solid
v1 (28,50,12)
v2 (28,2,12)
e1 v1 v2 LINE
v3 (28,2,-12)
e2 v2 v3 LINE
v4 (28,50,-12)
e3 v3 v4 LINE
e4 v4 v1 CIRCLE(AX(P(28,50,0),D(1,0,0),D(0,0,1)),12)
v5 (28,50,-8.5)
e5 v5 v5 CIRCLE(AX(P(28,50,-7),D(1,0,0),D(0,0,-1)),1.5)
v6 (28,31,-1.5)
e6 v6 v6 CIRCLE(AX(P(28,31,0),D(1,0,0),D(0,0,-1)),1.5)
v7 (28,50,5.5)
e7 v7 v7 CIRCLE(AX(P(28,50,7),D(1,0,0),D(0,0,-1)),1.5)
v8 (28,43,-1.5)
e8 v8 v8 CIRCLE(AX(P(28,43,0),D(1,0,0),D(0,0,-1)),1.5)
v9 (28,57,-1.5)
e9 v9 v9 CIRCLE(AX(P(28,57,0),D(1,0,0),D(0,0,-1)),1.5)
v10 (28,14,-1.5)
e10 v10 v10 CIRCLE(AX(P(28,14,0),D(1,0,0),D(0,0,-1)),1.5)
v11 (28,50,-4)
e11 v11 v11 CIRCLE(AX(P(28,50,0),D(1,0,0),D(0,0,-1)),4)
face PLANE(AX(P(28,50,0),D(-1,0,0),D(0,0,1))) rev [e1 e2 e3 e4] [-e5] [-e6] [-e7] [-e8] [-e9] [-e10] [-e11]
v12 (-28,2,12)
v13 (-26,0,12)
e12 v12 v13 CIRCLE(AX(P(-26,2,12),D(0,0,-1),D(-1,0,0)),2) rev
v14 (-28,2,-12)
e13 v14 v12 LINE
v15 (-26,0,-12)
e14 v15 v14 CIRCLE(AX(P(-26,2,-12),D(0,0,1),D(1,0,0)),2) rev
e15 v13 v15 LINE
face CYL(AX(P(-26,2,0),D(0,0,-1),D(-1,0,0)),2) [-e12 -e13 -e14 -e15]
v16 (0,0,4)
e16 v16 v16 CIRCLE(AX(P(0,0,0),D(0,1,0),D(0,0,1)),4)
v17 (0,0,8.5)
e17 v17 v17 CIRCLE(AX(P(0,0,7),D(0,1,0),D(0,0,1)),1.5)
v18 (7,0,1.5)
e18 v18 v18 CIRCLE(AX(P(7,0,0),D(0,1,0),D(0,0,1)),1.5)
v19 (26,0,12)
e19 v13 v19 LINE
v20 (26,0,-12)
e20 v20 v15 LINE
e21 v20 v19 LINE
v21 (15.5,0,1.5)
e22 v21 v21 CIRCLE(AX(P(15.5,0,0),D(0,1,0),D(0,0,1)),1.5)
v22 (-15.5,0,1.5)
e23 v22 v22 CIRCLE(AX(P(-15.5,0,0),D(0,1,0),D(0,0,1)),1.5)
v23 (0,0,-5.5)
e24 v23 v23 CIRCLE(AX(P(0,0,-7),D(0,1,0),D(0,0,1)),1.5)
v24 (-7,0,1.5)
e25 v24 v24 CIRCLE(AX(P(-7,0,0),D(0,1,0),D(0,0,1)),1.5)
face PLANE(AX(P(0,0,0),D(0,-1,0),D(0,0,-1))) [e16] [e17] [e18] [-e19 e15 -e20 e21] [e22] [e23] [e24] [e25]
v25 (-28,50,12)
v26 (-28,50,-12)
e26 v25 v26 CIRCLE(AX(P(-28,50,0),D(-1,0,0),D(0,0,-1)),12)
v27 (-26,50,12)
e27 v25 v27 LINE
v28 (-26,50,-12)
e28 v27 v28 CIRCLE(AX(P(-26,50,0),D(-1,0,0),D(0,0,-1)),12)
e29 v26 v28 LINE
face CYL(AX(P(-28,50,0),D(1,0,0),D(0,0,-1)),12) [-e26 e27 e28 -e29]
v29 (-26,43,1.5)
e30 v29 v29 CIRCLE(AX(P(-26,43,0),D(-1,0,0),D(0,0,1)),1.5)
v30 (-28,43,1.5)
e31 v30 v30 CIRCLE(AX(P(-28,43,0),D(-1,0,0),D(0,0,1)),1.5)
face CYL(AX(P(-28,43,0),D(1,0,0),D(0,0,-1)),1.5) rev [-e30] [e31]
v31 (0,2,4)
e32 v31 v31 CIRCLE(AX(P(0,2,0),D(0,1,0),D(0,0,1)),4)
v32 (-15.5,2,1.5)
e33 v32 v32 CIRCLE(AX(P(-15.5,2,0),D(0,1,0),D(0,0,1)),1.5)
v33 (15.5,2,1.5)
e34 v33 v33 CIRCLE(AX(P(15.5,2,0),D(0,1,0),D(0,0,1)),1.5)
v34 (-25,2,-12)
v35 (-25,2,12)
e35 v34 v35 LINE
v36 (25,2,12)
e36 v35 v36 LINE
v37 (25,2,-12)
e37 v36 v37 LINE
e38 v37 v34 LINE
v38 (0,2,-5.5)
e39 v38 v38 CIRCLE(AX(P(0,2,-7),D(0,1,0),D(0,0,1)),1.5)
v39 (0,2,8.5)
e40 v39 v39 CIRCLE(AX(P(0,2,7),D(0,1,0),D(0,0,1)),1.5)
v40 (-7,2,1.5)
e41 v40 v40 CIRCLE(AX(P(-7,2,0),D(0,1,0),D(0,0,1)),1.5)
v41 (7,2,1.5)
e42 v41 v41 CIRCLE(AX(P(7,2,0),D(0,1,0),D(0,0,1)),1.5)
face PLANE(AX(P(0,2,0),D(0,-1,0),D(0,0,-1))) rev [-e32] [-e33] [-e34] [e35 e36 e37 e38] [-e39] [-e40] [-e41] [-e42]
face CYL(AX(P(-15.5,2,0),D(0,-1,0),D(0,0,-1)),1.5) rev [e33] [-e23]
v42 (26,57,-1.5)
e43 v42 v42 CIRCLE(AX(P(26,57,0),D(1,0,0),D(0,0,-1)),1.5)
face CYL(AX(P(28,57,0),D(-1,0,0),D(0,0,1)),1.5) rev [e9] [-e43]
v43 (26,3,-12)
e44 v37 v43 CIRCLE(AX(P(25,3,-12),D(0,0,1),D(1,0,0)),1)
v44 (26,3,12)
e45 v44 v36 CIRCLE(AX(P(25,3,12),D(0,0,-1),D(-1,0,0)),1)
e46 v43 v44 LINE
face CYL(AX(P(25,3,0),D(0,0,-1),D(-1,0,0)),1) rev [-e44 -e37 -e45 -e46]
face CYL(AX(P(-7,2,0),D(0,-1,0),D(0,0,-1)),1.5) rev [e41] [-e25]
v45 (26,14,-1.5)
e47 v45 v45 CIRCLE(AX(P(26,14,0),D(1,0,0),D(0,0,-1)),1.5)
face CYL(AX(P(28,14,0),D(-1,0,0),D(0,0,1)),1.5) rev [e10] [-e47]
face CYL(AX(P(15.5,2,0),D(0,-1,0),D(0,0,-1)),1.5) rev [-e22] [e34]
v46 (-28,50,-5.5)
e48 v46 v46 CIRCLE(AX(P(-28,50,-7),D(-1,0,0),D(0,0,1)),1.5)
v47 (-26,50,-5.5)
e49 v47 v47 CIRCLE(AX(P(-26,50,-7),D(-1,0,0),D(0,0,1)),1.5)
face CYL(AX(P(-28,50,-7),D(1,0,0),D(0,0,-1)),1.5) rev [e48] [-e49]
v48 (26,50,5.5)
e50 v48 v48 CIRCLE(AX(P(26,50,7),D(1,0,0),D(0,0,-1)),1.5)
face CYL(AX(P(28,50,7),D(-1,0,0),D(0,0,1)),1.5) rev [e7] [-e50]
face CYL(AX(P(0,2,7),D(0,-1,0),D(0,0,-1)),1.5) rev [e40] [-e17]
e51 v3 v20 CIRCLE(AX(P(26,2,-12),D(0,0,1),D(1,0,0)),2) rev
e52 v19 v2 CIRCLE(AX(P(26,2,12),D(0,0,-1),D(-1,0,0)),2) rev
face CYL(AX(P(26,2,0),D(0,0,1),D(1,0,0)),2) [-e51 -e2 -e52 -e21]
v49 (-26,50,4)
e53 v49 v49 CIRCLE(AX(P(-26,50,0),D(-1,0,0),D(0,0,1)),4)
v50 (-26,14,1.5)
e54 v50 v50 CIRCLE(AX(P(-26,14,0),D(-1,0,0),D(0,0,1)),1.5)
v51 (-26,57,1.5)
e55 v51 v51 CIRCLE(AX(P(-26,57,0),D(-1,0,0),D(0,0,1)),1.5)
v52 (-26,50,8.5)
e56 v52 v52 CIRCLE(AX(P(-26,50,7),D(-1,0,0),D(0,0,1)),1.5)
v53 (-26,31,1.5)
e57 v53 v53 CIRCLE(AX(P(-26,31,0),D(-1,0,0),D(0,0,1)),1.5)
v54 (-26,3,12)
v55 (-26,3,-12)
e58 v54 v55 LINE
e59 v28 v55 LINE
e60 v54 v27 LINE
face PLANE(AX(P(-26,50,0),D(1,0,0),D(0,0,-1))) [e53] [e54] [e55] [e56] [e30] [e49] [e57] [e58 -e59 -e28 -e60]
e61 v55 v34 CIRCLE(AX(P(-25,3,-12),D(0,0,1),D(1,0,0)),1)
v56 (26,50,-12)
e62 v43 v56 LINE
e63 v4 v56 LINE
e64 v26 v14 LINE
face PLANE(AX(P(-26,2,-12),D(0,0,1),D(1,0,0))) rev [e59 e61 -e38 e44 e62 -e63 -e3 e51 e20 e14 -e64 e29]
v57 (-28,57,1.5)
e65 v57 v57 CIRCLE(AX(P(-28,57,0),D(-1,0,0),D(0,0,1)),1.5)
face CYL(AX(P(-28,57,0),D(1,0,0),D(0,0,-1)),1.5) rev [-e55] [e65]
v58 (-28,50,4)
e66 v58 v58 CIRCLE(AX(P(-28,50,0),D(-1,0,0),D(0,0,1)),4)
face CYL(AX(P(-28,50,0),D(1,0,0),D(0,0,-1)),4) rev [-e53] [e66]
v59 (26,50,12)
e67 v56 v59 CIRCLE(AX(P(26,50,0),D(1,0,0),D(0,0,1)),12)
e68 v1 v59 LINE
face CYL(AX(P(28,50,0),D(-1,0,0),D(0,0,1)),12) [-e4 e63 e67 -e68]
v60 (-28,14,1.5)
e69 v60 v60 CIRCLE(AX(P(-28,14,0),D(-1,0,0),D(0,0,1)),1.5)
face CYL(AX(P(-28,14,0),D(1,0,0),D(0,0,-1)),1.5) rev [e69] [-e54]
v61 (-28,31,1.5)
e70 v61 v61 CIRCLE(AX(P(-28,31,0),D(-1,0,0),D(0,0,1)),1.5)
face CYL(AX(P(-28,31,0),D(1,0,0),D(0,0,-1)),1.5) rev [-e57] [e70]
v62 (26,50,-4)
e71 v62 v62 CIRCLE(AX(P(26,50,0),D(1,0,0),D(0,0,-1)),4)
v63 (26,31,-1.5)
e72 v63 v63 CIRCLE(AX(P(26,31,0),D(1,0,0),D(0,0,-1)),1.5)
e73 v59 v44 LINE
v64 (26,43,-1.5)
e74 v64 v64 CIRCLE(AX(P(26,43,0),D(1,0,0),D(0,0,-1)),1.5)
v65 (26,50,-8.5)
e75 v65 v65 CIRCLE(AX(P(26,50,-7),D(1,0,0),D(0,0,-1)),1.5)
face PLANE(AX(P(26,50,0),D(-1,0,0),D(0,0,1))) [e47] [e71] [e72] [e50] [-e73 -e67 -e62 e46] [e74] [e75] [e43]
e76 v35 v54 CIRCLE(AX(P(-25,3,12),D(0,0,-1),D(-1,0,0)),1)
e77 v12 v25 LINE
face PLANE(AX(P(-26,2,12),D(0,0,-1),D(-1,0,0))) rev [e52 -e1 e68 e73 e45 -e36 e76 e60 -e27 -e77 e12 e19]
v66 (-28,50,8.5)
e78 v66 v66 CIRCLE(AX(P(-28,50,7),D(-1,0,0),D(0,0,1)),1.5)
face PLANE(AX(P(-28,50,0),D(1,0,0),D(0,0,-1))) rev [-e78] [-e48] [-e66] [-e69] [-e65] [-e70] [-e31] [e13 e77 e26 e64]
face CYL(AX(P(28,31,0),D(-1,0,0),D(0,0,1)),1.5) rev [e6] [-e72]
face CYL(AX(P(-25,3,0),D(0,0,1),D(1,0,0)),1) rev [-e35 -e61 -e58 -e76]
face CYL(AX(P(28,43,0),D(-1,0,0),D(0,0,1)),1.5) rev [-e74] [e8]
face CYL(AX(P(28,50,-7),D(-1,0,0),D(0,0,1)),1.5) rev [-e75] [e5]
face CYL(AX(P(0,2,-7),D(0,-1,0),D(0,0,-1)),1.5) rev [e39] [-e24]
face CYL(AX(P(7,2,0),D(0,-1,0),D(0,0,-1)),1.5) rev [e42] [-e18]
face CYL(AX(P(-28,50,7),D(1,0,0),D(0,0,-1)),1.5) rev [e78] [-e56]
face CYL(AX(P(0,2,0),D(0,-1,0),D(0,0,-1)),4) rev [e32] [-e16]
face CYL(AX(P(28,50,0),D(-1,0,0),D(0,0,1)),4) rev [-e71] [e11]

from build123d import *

# Parameters (mm, degrees)
SKETCH1_W           = 52
SKETCH1_H           = 24
SKETCH1_R           = 4
SKETCH1_R_2         = 1.5
BOSS_EXTRUDE1_DEPTH = 2
SKETCH3_R           = 4
SKETCH3_R_2         = 1.5
BOSS_EXTRUDE2_DEPTH = 2
FILLET1_R           = 2
FILLET2_R           = 1
BOSS_EXTRUDE3_START = 2
SKETCH5_R           = 4
SKETCH5_R_2         = 1.5
BOSS_EXTRUDE3_DEPTH = 2
FILLET3_R           = 2
FILLET4_R           = 1


with BuildPart() as part:
    # Sketch1 → Boss-Extrude1 (new body)
    with BuildSketch(Plane(origin=(0, 0, 0), x_dir=(1, 0, 0), z_dir=(0, 1, 0))):
        Rectangle(SKETCH1_W, SKETCH1_H)
        with Locations(Location((0, 0, 0), (0, 0, 270))):
            Circle(SKETCH1_R, mode=Mode.SUBTRACT)
        with Locations(Location((0, 7, 0), (0, 0, 270))):
            Circle(SKETCH1_R_2, mode=Mode.SUBTRACT)
        with Locations(Location((0, -7, 0), (0, 0, 270))):
            Circle(SKETCH1_R_2, mode=Mode.SUBTRACT)
        with Locations(Location((7, 0, 0), (0, 0, 270))):
            Circle(SKETCH1_R_2, mode=Mode.SUBTRACT)
        with Locations(Location((-7, 0, 0), (0, 0, 270))):
            Circle(SKETCH1_R_2, mode=Mode.SUBTRACT)
        with Locations(Location((-15.5, 0, 0), (0, 0, 270))):
            Circle(SKETCH1_R_2, mode=Mode.SUBTRACT)
        with Locations(Location((15.5, 0, 0), (0, 0, 270))):
            Circle(SKETCH1_R_2, mode=Mode.SUBTRACT)
    extrude(amount=BOSS_EXTRUDE1_DEPTH)

    # Sketch3 → Boss-Extrude2 (add)
    with BuildSketch(Plane(origin=(26, 0, 0), x_dir=(0, 0, -1), z_dir=(1, 0, 0))):
        with BuildLine():
            Line((-12, 0), (12, 0))
            Line((12, 0), (12, 50))
            ThreePointArc((12, 50), (0, 62), (-12, 50))
            Line((-12, 50), (-12, 0))
        make_face()
        with Locations((0, 50)):
            Circle(SKETCH3_R, mode=Mode.SUBTRACT)
        with Locations((0, 57)):
            Circle(SKETCH3_R_2, mode=Mode.SUBTRACT)
        with Locations((7, 50)):
            Circle(SKETCH3_R_2, mode=Mode.SUBTRACT)
        with Locations((0, 43)):
            Circle(SKETCH3_R_2, mode=Mode.SUBTRACT)
        with Locations((-7, 50)):
            Circle(SKETCH3_R_2, mode=Mode.SUBTRACT)
        with Locations((0, 31)):
            Circle(SKETCH3_R_2, mode=Mode.SUBTRACT)
        with Locations((0, 14)):
            Circle(SKETCH3_R_2, mode=Mode.SUBTRACT)
    extrude(amount=BOSS_EXTRUDE2_DEPTH)

    # Fillet1
    fillet1_edges = [part.edges().sort_by_distance(p)[0] for p in [
        (28, 0, 0),
    ]]
    fillet(fillet1_edges, radius=FILLET1_R)

    # Fillet2
    fillet2_edges = [part.edges().sort_by_distance(p)[0] for p in [
        (26, 2, 0),
    ]]
    fillet(fillet2_edges, radius=FILLET2_R)

    # Sketch5 → Boss-Extrude3 (add)
    with BuildSketch(Plane.ZY.offset(26).offset(BOSS_EXTRUDE3_START)):
        with BuildLine():
            Line((-12, 0), (-12, 50))
            ThreePointArc((-12, 50), (0, 62), (12, 50))
            Line((12, 50), (12, 0))
            Line((12, 0), (-12, 0))
        make_face()
        with Locations(Location((0, 50, 0), (0, 0, 180))):
            Circle(SKETCH5_R, mode=Mode.SUBTRACT)
        with Locations(Location((0, 57, 0), (0, 0, 180))):
            Circle(SKETCH5_R_2, mode=Mode.SUBTRACT)
        with Locations(Location((0, 43, 0), (0, 0, 180))):
            Circle(SKETCH5_R_2, mode=Mode.SUBTRACT)
        with Locations(Location((7, 50, 0), (0, 0, 180))):
            Circle(SKETCH5_R_2, mode=Mode.SUBTRACT)
        with Locations(Location((-7, 50, 0), (0, 0, 180))):
            Circle(SKETCH5_R_2, mode=Mode.SUBTRACT)
        with Locations(Location((0, 31, 0), (0, 0, 180))):
            Circle(SKETCH5_R_2, mode=Mode.SUBTRACT)
        with Locations(Location((0, 14, 0), (0, 0, 180))):
            Circle(SKETCH5_R_2, mode=Mode.SUBTRACT)
    extrude(amount=-BOSS_EXTRUDE3_DEPTH)

    # Fillet3
    fillet3_edges = [part.edges().sort_by_distance(p)[0] for p in [
        (-28, 0, 0),
    ]]
    fillet(fillet3_edges, radius=FILLET3_R)

    # Fillet4
    fillet4_edges = [part.edges().sort_by_distance(p)[0] for p in [
        (-26, 2, 0),
    ]]
    fillet(fillet4_edges, radius=FILLET4_R)


solid = part.part
